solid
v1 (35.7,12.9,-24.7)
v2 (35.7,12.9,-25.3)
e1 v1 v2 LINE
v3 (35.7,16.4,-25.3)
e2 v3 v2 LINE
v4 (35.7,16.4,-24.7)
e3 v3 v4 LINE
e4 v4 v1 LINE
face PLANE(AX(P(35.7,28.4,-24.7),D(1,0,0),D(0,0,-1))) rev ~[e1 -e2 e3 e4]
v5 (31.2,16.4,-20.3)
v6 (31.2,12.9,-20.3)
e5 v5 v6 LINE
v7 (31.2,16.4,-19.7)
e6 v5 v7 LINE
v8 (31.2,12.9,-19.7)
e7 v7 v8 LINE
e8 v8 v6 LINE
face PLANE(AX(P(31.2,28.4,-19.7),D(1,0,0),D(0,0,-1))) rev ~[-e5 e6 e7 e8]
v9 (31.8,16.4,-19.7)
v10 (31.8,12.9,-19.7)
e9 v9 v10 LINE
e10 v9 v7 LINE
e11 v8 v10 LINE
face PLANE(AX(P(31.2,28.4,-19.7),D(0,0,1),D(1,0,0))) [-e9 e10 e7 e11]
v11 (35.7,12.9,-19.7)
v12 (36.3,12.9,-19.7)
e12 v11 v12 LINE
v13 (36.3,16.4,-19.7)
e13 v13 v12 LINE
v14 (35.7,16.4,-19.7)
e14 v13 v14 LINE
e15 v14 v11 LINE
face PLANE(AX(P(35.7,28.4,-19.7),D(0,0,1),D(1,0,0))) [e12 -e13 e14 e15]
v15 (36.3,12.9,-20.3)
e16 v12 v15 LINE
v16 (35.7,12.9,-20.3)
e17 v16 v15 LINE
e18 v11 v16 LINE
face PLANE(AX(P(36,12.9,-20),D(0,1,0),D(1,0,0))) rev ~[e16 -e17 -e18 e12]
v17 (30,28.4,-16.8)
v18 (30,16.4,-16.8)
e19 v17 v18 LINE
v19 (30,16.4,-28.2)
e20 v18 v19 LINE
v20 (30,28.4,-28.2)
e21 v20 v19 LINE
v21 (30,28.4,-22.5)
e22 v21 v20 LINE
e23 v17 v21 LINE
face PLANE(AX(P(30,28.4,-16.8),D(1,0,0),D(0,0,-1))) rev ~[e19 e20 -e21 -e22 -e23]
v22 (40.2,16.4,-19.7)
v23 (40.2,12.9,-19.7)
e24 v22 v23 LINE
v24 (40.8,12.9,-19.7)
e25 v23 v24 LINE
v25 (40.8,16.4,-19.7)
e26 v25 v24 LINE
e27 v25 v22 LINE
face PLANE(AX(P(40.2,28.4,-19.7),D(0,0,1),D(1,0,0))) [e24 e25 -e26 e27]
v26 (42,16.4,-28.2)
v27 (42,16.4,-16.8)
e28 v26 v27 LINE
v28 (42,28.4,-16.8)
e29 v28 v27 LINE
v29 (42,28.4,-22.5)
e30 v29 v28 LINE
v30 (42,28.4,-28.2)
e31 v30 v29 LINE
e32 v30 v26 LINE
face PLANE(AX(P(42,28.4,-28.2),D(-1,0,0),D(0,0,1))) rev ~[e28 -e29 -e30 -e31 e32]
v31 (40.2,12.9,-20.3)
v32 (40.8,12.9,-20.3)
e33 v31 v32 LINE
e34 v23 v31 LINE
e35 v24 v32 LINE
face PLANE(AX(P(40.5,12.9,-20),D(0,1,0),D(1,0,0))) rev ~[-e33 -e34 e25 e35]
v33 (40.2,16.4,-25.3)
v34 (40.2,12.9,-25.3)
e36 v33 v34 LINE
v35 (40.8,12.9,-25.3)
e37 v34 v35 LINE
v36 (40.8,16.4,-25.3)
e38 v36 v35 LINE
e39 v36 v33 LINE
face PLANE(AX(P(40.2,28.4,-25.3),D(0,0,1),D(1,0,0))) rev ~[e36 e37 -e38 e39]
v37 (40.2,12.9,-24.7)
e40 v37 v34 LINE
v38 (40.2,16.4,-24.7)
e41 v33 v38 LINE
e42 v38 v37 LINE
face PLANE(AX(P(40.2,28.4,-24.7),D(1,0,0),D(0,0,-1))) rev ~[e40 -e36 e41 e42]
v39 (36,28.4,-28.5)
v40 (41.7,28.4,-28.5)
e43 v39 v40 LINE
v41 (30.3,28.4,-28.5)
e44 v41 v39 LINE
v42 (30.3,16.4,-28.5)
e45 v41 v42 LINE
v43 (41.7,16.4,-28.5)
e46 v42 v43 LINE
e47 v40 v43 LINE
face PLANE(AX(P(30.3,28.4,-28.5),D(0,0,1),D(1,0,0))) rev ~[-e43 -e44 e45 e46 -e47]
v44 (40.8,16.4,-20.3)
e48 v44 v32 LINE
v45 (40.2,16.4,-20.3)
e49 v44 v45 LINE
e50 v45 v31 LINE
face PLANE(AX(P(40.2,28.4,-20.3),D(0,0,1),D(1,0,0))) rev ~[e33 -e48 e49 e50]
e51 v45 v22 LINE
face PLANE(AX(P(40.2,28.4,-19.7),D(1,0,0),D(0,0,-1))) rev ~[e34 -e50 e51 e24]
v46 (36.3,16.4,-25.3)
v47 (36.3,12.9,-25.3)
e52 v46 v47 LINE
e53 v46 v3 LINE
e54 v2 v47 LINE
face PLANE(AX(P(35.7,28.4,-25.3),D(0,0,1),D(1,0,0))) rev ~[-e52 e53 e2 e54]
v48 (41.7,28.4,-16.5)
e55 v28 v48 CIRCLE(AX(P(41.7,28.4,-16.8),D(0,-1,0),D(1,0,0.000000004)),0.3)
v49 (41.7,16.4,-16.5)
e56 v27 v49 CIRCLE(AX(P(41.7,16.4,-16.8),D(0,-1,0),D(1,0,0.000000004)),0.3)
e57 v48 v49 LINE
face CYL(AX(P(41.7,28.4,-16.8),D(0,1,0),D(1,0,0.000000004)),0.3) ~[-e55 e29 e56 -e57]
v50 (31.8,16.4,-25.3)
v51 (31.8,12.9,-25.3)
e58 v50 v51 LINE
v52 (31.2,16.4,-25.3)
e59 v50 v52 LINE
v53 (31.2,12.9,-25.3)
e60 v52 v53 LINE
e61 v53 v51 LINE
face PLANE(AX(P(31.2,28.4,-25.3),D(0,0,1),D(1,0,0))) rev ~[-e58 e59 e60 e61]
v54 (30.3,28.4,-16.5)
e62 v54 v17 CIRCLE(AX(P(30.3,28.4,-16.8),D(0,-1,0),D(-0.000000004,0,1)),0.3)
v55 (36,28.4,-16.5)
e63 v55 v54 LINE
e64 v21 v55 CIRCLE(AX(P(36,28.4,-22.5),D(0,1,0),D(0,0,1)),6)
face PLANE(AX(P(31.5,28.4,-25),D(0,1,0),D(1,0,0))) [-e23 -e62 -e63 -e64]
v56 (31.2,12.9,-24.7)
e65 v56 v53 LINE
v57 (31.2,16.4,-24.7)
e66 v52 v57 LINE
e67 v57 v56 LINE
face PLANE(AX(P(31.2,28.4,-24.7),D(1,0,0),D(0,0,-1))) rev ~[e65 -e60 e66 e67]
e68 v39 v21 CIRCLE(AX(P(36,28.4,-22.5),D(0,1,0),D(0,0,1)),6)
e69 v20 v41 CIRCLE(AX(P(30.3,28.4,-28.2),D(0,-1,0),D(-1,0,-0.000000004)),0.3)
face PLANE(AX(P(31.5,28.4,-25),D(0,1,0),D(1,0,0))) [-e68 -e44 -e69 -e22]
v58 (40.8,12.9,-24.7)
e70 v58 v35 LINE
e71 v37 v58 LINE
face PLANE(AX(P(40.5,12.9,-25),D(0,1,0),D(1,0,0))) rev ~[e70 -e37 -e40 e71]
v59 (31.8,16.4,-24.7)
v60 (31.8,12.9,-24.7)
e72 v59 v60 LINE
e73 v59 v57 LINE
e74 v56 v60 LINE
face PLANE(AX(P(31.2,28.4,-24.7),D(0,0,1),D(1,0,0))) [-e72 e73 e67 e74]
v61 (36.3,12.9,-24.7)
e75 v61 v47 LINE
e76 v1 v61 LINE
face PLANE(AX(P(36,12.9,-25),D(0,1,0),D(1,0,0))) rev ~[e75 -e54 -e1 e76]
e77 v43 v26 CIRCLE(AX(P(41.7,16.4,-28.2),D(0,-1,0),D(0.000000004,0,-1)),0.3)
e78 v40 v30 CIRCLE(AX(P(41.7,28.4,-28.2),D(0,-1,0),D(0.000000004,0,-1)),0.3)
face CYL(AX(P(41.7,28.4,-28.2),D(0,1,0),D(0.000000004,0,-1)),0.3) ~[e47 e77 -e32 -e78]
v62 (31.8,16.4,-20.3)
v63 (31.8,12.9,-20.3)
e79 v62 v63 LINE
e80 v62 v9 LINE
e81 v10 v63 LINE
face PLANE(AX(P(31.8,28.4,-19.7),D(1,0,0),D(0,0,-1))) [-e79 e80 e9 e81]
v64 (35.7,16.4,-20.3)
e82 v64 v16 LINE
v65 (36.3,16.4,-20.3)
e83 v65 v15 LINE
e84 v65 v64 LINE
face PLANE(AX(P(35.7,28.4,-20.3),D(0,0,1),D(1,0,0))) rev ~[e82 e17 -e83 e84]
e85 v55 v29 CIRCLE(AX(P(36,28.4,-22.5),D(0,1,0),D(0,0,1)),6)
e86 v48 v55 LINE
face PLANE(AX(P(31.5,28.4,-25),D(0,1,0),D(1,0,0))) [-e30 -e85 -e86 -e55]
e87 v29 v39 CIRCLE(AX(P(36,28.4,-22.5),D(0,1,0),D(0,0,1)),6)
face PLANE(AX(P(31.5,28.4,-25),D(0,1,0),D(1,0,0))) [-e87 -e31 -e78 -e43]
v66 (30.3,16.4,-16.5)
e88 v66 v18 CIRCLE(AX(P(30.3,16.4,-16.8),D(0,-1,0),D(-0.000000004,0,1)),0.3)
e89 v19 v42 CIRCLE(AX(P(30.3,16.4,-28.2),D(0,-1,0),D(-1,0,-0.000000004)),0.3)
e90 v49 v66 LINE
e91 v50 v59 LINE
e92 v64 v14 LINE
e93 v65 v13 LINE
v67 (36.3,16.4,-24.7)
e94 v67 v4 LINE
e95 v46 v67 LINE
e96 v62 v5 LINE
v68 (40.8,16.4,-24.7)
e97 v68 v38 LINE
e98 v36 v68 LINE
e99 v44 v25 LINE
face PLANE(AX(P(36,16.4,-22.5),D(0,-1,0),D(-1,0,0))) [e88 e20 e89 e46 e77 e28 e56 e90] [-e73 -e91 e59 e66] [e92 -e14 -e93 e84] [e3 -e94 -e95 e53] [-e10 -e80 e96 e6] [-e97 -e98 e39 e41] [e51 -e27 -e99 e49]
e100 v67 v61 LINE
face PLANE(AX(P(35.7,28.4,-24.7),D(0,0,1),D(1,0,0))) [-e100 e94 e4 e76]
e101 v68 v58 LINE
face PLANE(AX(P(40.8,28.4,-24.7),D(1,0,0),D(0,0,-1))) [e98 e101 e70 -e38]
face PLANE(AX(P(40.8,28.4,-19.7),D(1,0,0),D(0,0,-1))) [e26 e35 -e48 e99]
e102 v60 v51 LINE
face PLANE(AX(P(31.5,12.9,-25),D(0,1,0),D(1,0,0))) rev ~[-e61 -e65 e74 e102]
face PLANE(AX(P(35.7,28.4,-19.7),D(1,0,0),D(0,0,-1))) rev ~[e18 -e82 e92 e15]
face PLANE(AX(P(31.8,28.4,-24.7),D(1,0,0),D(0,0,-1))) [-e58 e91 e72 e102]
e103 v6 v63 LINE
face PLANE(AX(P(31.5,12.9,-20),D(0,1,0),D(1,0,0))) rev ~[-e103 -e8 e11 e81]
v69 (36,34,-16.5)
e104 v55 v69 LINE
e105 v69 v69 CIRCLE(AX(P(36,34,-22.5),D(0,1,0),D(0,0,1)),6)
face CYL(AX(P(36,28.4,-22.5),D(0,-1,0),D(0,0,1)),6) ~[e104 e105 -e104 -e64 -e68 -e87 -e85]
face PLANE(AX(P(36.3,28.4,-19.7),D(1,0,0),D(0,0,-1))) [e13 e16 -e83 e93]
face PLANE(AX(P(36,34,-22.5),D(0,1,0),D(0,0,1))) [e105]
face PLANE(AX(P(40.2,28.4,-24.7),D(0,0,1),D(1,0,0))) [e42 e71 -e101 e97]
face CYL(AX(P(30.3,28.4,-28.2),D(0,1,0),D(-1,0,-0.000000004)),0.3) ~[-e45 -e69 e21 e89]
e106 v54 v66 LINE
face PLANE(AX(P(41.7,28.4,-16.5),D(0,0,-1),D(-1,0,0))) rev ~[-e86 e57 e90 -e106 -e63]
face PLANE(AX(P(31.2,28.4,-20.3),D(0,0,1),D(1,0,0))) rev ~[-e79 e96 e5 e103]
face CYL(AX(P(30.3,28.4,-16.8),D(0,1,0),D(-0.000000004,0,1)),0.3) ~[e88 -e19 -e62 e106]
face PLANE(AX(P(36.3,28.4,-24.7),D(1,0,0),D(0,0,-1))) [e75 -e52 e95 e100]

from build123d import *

# Parameters (mm, degrees)
BODY_DEPTH = 12
PINS_SK2_W = 0.6
PINS_SK2_H = 0.6
PINS_DEPTH = 15.5
CAP_SK3_R  = 6
CAP_DEPTH  = 5.6


with BuildPart() as part:
    # Body_Sk1 → Body (new body)
    with BuildSketch(Plane(origin=(0, 28.4, 0), x_dir=(1, 0, 0), z_dir=(0, 1, 0))):
        with BuildLine():
            Line((30.3, 28.5), (41.7, 28.5))
            ThreePointArc((41.7, 28.5), (41.912132034, 28.412132034), (42, 28.2))
            Line((42, 28.2), (42, 16.8))
            ThreePointArc((42, 16.8), (41.912132034, 16.587867966), (41.7, 16.5))
            Line((41.7, 16.5), (30.3, 16.5))
            ThreePointArc((30.3, 16.5), (30.087867966, 16.587867966), (30, 16.8))
            Line((30, 16.8), (30, 28.2))
            ThreePointArc((30, 28.2), (30.087867966, 28.412132034), (30.3, 28.5))
        make_face()
    extrude(amount=-BODY_DEPTH)

    # Pins_Sk2 → Pins (add)
    with BuildSketch(Plane(origin=(0, 28.4, 0), x_dir=(1, 0, 0), z_dir=(0, 1, 0))):
        with Locations((31.5, 25)):
            Rectangle(PINS_SK2_W, PINS_SK2_H)
        with Locations((31.5, 20)):
            Rectangle(PINS_SK2_W, PINS_SK2_H)
        with Locations((36, 25)):
            Rectangle(PINS_SK2_W, PINS_SK2_H)
        with Locations((36, 20)):
            Rectangle(PINS_SK2_W, PINS_SK2_H)
        with Locations((40.5, 25)):
            Rectangle(PINS_SK2_W, PINS_SK2_H)
        with Locations((40.5, 20)):
            Rectangle(PINS_SK2_W, PINS_SK2_H)
    extrude(amount=-PINS_DEPTH)

    # Cap_Sk3 → Cap (add)
    with BuildSketch(Plane(origin=(0, 28.4, 0), x_dir=(1, 0, 0), z_dir=(0, 1, 0))):
        with Locations(Location((36, 22.5, 0), (0, 0, 270))):
            Circle(CAP_SK3_R)
    extrude(amount=CAP_DEPTH)


solid = part.part
